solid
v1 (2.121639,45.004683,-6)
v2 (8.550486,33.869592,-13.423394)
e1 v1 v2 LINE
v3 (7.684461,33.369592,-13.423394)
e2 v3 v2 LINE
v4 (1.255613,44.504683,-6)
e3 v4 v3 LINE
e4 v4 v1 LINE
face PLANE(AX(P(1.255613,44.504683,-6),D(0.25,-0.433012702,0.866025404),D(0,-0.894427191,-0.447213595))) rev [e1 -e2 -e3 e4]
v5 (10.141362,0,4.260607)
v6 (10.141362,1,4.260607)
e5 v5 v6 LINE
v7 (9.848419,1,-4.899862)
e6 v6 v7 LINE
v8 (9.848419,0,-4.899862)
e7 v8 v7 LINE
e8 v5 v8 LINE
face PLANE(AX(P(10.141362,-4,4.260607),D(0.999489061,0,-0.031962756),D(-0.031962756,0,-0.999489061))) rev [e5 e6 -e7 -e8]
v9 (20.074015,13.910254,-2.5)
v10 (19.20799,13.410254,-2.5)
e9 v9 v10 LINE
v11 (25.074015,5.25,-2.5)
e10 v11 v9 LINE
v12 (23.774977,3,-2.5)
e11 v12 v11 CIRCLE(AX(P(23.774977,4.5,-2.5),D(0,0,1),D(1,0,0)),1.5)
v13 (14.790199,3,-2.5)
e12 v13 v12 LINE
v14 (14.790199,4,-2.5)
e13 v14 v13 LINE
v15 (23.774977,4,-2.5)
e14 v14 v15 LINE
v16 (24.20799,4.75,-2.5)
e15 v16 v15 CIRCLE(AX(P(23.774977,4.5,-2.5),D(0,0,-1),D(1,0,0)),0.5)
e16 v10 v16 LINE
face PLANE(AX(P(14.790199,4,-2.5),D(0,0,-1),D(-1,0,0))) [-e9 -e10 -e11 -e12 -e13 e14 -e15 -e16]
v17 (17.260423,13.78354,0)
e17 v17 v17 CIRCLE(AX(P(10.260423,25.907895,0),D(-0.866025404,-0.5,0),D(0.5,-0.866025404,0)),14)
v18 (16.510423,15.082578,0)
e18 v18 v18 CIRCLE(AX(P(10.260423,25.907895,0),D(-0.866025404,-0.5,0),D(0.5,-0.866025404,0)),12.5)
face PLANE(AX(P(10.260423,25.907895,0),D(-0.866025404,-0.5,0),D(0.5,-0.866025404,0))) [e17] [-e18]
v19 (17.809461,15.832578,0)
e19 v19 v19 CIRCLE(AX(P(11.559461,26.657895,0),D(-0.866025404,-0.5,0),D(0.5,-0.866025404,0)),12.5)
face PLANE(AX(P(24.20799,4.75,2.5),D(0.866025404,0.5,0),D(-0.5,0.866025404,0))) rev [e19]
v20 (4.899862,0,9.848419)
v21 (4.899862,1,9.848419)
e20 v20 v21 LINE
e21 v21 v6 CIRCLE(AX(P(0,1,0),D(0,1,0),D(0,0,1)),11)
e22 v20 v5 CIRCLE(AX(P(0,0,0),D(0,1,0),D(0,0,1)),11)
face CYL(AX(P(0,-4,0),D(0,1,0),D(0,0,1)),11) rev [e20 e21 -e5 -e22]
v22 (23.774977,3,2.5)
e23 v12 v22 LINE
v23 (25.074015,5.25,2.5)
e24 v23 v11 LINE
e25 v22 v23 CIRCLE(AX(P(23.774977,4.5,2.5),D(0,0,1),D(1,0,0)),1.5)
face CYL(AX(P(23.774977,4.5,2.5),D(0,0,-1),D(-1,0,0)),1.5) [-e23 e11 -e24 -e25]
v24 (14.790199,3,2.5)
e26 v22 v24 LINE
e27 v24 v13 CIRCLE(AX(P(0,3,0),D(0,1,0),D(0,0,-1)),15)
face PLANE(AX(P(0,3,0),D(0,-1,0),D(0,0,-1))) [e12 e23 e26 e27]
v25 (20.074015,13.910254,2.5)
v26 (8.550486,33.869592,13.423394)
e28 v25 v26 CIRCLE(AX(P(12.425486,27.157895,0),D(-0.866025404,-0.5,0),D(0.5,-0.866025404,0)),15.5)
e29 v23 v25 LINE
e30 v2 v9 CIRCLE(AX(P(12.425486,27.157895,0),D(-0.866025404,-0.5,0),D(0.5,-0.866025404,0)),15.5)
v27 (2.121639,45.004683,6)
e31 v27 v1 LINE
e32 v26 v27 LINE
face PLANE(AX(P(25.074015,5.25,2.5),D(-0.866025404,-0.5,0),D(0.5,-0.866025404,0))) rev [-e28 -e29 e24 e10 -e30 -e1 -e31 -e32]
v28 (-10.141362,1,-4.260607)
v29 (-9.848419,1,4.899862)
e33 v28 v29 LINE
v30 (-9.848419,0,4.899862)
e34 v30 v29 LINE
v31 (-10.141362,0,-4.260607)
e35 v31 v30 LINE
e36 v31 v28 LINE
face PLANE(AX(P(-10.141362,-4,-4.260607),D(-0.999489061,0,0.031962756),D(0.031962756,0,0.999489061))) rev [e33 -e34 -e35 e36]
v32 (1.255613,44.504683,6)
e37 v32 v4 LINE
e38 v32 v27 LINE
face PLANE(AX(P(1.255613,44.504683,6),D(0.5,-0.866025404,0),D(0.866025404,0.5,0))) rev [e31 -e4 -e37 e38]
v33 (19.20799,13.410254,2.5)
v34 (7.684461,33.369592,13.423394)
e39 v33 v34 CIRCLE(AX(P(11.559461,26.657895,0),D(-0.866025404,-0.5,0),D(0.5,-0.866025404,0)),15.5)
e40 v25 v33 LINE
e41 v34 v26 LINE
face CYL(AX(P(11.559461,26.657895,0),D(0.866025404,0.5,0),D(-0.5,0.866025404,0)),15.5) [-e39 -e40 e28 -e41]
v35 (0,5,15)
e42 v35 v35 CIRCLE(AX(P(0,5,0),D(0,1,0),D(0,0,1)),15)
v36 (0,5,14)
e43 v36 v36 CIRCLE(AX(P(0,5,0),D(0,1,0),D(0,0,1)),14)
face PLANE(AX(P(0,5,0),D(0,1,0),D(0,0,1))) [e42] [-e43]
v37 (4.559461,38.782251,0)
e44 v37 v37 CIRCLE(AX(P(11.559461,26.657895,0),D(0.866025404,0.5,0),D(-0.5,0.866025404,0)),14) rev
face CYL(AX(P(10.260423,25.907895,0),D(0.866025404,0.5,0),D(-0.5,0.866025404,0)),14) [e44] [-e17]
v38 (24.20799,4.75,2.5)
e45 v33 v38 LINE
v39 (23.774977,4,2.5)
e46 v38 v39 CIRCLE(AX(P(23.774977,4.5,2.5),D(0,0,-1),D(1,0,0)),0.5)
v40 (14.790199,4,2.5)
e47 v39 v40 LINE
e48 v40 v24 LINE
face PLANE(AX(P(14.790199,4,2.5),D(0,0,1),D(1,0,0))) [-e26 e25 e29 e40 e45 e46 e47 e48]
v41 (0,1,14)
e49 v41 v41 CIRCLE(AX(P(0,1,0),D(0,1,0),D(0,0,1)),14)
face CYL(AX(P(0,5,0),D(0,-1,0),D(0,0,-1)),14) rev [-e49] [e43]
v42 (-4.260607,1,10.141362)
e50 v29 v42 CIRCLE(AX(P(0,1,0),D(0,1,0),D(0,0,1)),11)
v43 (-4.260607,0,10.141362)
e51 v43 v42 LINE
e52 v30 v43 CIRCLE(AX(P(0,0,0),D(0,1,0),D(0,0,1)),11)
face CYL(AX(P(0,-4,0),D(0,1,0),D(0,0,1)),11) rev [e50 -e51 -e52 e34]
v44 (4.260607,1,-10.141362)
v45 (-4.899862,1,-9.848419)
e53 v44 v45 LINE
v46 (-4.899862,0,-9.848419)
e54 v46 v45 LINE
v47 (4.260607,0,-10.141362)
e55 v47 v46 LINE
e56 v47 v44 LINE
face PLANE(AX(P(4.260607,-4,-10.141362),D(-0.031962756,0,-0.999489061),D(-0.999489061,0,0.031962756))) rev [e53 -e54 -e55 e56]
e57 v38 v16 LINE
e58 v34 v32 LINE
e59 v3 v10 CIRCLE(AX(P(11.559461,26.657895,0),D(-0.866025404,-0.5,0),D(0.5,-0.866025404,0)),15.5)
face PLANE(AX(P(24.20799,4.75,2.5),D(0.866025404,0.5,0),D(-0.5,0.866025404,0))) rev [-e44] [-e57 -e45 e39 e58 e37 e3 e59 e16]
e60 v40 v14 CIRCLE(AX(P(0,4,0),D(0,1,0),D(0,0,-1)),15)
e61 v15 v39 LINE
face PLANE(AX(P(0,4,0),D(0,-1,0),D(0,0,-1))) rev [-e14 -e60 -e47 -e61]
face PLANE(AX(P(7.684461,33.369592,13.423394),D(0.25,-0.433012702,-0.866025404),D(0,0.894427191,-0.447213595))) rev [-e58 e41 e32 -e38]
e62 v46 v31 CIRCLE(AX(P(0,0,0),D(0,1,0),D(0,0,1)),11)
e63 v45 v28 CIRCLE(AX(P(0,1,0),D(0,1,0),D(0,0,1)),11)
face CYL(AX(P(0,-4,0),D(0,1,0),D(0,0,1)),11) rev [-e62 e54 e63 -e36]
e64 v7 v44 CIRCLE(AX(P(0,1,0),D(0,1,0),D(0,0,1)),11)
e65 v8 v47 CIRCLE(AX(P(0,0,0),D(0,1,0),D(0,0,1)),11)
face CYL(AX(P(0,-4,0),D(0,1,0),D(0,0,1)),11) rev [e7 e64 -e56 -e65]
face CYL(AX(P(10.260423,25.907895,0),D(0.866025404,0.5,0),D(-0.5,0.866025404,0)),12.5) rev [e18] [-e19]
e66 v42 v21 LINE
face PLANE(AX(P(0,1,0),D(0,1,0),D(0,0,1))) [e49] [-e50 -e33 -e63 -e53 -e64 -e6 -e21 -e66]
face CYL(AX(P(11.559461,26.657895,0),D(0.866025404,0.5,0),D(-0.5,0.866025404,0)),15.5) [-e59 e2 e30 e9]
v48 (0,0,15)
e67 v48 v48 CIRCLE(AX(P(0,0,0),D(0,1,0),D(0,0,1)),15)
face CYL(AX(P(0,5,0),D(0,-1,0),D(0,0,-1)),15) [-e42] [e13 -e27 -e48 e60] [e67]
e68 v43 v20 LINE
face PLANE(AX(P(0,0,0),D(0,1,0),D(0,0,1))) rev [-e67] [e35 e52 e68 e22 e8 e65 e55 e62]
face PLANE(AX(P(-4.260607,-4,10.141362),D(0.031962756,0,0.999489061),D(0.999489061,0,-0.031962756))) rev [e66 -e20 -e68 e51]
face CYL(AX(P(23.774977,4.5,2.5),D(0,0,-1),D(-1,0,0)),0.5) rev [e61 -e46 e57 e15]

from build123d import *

# Parameters (mm, degrees)
SKETCH_1_R          = 15
EXTRUDE_1_DEPTH     = 5
SHELL_1_T           = -1
CUT_EXTRUDE_1_DEPTH = 5
EXTRUDE_2_DEPTH     = 1
EXTRUDE_3_DEPTH     = 2.5
EXTRUDE_6_DEPTH     = 1
SKETCH_6_R          = 14
SKETCH_6_R_2        = 12.5
EXTRUDE_7_DEPTH     = 1.5


with BuildPart() as part:
    # 草图1 → 凸台-拉伸1 (new body)
    with BuildSketch(Plane(origin=(0, 0, 0), x_dir=(1, 0, 0), z_dir=(0, 1, 0))):
        with Locations(Location((0, 0, 0), (0, 0, 270))):
            Circle(SKETCH_1_R)
    extrude(amount=EXTRUDE_1_DEPTH)

    # 抽壳1
    shell_1_openings = [part.faces().sort_by_distance(p)[0] for p in [
        (0, 5, 0),
    ]]
    offset(amount=SHELL_1_T, openings=shell_1_openings, kind=Kind.INTERSECTION)

    # 草图2 → 切除-拉伸1 (cut)
    with BuildSketch(Plane(origin=(0, 1, 0), x_dir=(1, 0, 0), z_dir=(0, 1, 0))):
        with BuildLine():
            Line((-10.141362356, 4.260606713), (-9.848418855, -4.89986184))
            ThreePointArc((-9.848418855, -4.89986184), (-7.525588518, -8.022812316), (-4.260606713, -10.141362356))
            Line((-4.260606713, -10.141362356), (4.89986184, -9.848418855))
            ThreePointArc((4.89986184, -9.848418855), (8.022812316, -7.525588518), (10.141362356, -4.260606713))
            Line((10.141362356, -4.260606713), (9.848418855, 4.89986184))
            ThreePointArc((9.848418855, 4.89986184), (7.525588518, 8.022812316), (4.260606713, 10.141362356))
            Line((4.260606713, 10.141362356), (-4.89986184, 9.848418855))
            ThreePointArc((-4.89986184, 9.848418855), (-8.022812316, 7.525588518), (-10.141362356, 4.260606713))
        make_face()
    extrude(amount=-CUT_EXTRUDE_1_DEPTH, mode=Mode.SUBTRACT)

    # 草图3 → 凸台-拉伸2 (add)
    with BuildSketch(Plane(origin=(0, 3, 0), x_dir=(-1, 0, 0), z_dir=(0, -1, 0))):
        with BuildLine():
            Line((-14.790199458, 2.5), (-23.774977314, 2.5))
            Line((-23.774977314, 2.5), (-23.774977314, -2.5))
            Line((-23.774977314, -2.5), (-14.790199458, -2.5))
            ThreePointArc((-14.790199458, -2.5), (-15, 0), (-14.790199458, 2.5))
        make_face()
    extrude(amount=-EXTRUDE_2_DEPTH)

    # 草图4 → 凸台-拉伸3 (add, symmetric)
    with BuildSketch(Plane.XY):
        with BuildLine():
            Line((20.07401542, 13.910254038), (19.207990016, 13.410254038))
            Line((19.207990016, 13.410254038), (24.207990016, 4.75))
            ThreePointArc((24.207990016, 4.75), (24.207990016, 4.25), (23.774977314, 4))
            Line((23.774977314, 4), (23.774977314, 3))
            ThreePointArc((23.774977314, 3), (25.07401542, 3.75), (25.07401542, 5.25))
            Line((25.07401542, 5.25), (20.07401542, 13.910254038))
        make_face()
    extrude(amount=EXTRUDE_3_DEPTH, both=True)

    # 草图5 → 凸台-拉伸6 (add)
    with BuildSketch(Plane(origin=(21.07882825, 12.169867164, 0), x_dir=(0, 0, 1), z_dir=(-0.8660254037844399, -0.49999999999999806, 0))):
        with BuildLine():
            Line((6, 37.914379355), (-6, 37.914379355))
            Line((-6, 37.914379355), (-13.423393759, 25.056684201))
            ThreePointArc((-13.423393759, 25.056684201), (0, 1.806684201), (13.423393759, 25.056684201))
            Line((13.423393759, 25.056684201), (6, 37.914379355))
        make_face()
    extrude(amount=EXTRUDE_6_DEPTH)

    # 草图6 → 凸台-拉伸7 (add)
    with BuildSketch(Plane(origin=(20.212802846, 11.669867164, 0), x_dir=(0, 0, 1), z_dir=(-0.86602540378444, -0.4999999999999978, 0))):
        with Locations(Location((0, 17.306684201, 0), (0, 0, 90))):
            Circle(SKETCH_6_R)
        with Locations(Location((0, 17.306684201, 0), (0, 0, 270))):
            Circle(SKETCH_6_R_2, mode=Mode.SUBTRACT)
    extrude(amount=EXTRUDE_7_DEPTH)


solid = part.part
